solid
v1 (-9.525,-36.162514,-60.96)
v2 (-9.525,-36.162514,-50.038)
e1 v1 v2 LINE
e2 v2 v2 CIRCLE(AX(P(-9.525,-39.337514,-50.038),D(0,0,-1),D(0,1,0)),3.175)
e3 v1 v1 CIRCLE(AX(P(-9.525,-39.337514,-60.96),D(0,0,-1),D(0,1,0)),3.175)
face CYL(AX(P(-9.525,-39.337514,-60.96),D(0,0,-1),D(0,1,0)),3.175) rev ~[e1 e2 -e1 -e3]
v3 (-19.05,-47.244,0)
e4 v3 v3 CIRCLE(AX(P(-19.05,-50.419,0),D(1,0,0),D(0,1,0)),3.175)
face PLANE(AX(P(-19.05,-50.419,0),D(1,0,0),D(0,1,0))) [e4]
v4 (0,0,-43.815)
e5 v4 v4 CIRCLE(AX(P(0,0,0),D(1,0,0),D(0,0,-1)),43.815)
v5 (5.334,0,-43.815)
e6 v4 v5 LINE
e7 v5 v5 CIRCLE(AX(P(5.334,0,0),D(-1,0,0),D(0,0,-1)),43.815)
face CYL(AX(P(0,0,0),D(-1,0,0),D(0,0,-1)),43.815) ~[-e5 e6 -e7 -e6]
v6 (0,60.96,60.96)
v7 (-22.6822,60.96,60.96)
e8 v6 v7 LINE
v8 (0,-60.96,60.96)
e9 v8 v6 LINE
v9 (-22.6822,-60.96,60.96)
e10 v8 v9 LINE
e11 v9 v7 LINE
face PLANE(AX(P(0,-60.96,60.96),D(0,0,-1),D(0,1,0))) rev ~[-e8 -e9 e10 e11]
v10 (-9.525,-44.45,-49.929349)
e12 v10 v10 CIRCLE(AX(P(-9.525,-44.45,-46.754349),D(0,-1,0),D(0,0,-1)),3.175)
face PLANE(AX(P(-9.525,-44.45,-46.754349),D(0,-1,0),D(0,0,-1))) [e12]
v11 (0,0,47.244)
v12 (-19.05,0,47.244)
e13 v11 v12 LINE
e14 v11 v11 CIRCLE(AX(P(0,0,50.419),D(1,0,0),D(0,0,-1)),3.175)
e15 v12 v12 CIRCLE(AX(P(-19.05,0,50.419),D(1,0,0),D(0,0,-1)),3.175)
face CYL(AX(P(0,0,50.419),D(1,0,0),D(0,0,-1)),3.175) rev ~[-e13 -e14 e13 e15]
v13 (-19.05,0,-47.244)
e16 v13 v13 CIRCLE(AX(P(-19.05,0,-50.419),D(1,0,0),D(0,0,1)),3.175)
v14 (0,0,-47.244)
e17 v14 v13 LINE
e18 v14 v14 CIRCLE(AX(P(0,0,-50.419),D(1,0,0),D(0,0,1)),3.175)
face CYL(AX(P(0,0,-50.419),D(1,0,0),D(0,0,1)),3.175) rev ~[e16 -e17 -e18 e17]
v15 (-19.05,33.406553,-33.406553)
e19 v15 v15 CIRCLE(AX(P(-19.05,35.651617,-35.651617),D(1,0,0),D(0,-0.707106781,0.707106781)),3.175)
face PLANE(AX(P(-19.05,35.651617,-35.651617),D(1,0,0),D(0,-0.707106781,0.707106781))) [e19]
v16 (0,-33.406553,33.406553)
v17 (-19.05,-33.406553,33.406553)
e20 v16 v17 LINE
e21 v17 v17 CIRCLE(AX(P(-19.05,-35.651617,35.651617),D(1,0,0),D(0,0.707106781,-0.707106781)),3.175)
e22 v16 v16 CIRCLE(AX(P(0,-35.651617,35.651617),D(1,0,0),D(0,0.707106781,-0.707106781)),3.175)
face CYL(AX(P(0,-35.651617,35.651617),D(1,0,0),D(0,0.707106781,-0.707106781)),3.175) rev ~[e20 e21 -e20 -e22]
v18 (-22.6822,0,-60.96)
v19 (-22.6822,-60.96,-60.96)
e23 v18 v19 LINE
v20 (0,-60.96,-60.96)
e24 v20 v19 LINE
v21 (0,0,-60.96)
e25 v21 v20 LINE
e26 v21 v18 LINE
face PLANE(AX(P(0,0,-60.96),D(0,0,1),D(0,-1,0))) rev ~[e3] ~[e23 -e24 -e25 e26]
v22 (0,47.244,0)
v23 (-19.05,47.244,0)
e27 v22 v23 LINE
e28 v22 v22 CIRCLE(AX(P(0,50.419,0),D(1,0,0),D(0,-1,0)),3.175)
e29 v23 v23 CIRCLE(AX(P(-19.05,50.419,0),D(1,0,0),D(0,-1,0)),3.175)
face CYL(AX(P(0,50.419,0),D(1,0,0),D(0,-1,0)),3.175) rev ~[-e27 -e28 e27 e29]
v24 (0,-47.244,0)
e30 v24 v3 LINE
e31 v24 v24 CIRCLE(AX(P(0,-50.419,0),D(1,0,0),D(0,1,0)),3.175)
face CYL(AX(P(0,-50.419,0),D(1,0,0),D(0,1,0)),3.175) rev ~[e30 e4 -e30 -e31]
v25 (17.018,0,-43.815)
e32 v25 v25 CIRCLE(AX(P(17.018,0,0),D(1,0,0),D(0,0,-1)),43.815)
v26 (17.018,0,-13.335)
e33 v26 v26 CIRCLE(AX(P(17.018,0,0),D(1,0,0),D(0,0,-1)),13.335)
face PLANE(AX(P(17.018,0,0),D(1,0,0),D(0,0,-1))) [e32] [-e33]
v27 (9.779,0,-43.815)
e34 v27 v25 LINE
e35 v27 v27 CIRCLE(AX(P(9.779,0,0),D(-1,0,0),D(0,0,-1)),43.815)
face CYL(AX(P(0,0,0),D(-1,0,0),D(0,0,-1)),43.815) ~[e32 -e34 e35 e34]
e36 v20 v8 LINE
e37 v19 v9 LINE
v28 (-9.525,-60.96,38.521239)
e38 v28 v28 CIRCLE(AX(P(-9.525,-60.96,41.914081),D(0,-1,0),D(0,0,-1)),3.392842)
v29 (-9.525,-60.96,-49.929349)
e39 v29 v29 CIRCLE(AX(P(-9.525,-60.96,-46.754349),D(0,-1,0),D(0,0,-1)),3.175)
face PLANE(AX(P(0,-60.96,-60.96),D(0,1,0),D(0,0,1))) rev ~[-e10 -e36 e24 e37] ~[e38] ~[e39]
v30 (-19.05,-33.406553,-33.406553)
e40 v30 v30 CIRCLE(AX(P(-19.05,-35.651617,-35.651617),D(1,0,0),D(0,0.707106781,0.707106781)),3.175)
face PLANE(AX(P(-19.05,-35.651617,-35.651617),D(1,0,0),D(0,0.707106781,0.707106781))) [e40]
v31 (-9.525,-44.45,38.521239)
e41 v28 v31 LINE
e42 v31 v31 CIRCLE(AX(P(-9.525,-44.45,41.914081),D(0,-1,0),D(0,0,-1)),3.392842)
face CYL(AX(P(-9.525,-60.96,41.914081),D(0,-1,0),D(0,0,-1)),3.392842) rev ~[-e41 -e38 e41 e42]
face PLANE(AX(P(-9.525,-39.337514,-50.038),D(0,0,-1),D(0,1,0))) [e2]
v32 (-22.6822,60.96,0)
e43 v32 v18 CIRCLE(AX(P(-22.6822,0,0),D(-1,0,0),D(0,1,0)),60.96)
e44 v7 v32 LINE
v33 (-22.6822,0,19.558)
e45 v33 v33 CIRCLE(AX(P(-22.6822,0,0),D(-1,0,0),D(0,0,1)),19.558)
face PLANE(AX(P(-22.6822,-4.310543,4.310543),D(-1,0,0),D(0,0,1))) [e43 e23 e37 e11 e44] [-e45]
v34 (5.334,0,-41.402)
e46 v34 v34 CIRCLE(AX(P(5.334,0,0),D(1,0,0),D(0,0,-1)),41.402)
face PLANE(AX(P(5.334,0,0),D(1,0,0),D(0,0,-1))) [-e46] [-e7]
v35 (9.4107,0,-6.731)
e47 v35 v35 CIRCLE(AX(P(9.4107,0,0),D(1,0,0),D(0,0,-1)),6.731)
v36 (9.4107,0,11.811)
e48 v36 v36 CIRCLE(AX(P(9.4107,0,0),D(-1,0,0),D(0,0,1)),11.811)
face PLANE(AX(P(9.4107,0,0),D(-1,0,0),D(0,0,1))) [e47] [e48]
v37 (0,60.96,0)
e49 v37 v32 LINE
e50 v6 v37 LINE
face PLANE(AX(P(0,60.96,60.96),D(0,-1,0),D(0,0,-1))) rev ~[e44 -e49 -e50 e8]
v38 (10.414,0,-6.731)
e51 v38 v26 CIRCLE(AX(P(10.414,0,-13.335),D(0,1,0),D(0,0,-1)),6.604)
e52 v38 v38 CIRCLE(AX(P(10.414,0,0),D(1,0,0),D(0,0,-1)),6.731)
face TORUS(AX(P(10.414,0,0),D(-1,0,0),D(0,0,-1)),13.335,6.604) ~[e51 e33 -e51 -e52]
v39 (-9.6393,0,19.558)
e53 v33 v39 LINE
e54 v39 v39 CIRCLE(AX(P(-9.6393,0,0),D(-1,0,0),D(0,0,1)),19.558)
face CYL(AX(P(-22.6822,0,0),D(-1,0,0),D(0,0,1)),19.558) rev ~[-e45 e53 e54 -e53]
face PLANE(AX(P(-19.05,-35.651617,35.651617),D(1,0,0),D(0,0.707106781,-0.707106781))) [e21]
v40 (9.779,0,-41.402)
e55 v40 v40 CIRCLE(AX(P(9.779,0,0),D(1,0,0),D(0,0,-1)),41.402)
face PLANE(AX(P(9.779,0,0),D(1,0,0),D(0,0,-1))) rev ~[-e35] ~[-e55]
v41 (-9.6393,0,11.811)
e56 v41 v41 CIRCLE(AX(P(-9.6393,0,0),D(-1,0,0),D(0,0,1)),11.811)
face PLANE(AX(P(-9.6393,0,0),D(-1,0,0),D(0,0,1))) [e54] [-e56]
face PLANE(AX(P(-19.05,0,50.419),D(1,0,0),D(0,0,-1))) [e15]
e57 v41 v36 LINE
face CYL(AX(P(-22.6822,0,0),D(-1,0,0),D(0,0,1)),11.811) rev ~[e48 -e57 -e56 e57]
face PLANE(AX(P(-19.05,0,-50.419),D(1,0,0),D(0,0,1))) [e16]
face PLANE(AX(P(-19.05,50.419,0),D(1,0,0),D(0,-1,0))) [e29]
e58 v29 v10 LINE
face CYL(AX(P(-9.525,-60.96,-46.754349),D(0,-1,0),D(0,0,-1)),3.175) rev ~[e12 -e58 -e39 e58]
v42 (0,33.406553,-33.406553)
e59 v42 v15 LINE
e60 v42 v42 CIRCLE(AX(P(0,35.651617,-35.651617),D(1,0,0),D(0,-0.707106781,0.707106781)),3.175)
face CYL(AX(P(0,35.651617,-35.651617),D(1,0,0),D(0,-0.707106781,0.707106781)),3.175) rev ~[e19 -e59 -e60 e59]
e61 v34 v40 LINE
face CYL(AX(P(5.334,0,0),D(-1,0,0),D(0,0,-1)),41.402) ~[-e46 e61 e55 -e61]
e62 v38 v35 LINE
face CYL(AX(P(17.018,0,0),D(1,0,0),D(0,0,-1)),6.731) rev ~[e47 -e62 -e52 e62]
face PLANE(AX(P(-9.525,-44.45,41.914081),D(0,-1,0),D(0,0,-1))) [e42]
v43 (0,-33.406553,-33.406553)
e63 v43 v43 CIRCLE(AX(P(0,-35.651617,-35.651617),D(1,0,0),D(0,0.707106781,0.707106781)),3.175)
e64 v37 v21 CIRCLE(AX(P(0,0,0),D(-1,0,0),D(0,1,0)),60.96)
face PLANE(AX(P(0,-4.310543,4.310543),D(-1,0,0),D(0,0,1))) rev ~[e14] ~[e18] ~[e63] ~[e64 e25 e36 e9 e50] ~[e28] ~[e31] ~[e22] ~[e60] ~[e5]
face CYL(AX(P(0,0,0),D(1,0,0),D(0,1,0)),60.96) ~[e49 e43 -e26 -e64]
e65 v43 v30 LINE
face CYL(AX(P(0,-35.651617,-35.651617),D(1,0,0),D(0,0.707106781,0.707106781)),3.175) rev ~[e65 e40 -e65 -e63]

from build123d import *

# Parameters (mm, degrees)
SKETCH1_R                     = 43.815
HOUSING_FITTING_EXTRUDE_DEPTH = 17.018
HOUSING_BODY_1_DEPTH          = 22.6822
SKETCH3_R                     = 6.731
IMPELLER_BORE_DEPTH           = 17.018
SKETCH4_R                     = 4
SHAFT_BORE_DEPTH              = 70.612
O_RING_CUT_DEPTH              = 1.27
O_RING_CUT_DEPTH_BACK         = 3.175
SKETCH5_R                     = 43.942
SKETCH5_R_2                   = 41.402
SKETCH12_R                    = 3.175
CUT_EXTRUDE2_DEPTH            = 19.05
CIRPATTERN1_COUNT             = 8
SKETCH14_R                    = 3.175
SKETCH14_R_2                  = 3.392842108
CUT_EXTRUDE4_DEPTH            = 16.51
SKETCH15_R                    = 3.175
CUT_EXTRUDE5_DEPTH            = 10.922
FILLET1_R                     = 6.604
SKETCH16_R                    = 11.811
CUT_EXTRUDE7_DEPTH            = 32.0929
SKETCH17_R                    = 19.558
CUT_EXTRUDE8_DEPTH            = 13.0429


with BuildPart() as part:
    # Sketch1 → Housing Fitting Extrude (new body)
    with BuildSketch(Plane(origin=(0, 0, 0), x_dir=(0, 0, -1), z_dir=(1, 0, 0))):
        Circle(SKETCH1_R)
    extrude(amount=HOUSING_FITTING_EXTRUDE_DEPTH)

    # Sketch2 → Housing Body 1 (add)
    with BuildSketch(Plane.ZY):
        with BuildLine():
            Line((60.96, 0), (60.96, 60.96))
            Line((60.96, 60.96), (0, 60.96))
            ThreePointArc((0, 60.96), (-43.105229381, 43.105229381), (-60.96, 0))
            Line((-60.96, 0), (-60.96, -54.61))
            Line((-60.96, -54.61), (-60.96, -60.96))
            Line((-60.96, -60.96), (60.96, -60.96))
            Line((60.96, -60.96), (60.96, -54.61))
            Line((60.96, -54.61), (60.96, 0))
        make_face()
    extrude(amount=HOUSING_BODY_1_DEPTH)

    # Sketch3 → Impeller Bore (cut)
    with BuildSketch(Plane(origin=(17.018, 0, 0), x_dir=(0, 0, -1), z_dir=(1, 0, 0))):
        Circle(SKETCH3_R)
    extrude(amount=-IMPELLER_BORE_DEPTH, mode=Mode.SUBTRACT)

    # Sketch4 → Shaft Bore (cut)
    with BuildSketch(Plane(origin=(0, 0, 0), x_dir=(0, 0, -1), z_dir=(1, 0, 0))):
        Circle(SKETCH4_R)
    extrude(amount=-SHAFT_BORE_DEPTH, mode=Mode.SUBTRACT)

    # Sketch5 → O-Ring Cut (cut, two sides: drawn at the far end of the back side and taken through both)
    with BuildSketch(Plane(origin=(8.509, 0, 0), x_dir=(0, 0, -1), z_dir=(1, 0, 0)).offset(-O_RING_CUT_DEPTH_BACK)):
        Circle(SKETCH5_R)
        Circle(SKETCH5_R_2, mode=Mode.SUBTRACT)
    extrude(amount=O_RING_CUT_DEPTH + O_RING_CUT_DEPTH_BACK, mode=Mode.SUBTRACT)

    # Sketch12 → Cut-Extrude2 (cut)
    with BuildSketch(Plane(origin=(0, 0, 0), x_dir=(0, 0, -1), z_dir=(1, 0, 0))):
        with Locations((-50.419, 0)):
            Circle(SKETCH12_R)
    cut_extrude2 = extrude(amount=-CUT_EXTRUDE2_DEPTH, mode=Mode.SUBTRACT)

    # CirPattern1: Cut-Extrude2 ×8 about axis, 1 skipped
    cirpattern1_axis = Axis((0, 0, 0), (1, 0, 0))
    add([cut_extrude2.rotate(cirpattern1_axis, i * 360 / CIRPATTERN1_COUNT) for i in range(1, CIRPATTERN1_COUNT) if i not in (7,)], mode=Mode.SUBTRACT)

    # Sketch14 → Cut-Extrude4 (cut)
    with BuildSketch(Plane.XZ.offset(60.96)):
        with Locations(Location((-9.525, -46.754349092, 0), (0, 0, 270))):
            Circle(SKETCH14_R)
        with Locations(Location((-9.525, 41.914080666, 0), (0, 0, 270))):
            Circle(SKETCH14_R_2)
    extrude(amount=-CUT_EXTRUDE4_DEPTH, mode=Mode.SUBTRACT)

    # Sketch15 → Cut-Extrude5 (cut)
    with BuildSketch(Plane(origin=(0, 0, -60.96), x_dir=(-1, 0, 0), z_dir=(0, 0, -1))):
        with Locations(Location((9.525, -39.337514031, 0), (0, 0, 90))):
            Circle(SKETCH15_R)
    extrude(amount=-CUT_EXTRUDE5_DEPTH, mode=Mode.SUBTRACT)

    # Fillet1
    fillet1_edges = [part.edges().sort_by_distance(p)[0] for p in [
        (17.018, 0, 6.731),
    ]]
    fillet(fillet1_edges, radius=FILLET1_R)

    # Sketch16 → Cut-Extrude7 (cut)
    with BuildSketch(Plane.ZY.offset(22.6822)):
        Circle(SKETCH16_R)
    extrude(amount=-CUT_EXTRUDE7_DEPTH, mode=Mode.SUBTRACT)

    # Sketch17 → Cut-Extrude8 (cut)
    with BuildSketch(Plane.ZY.offset(22.6822)):
        Circle(SKETCH17_R)
    extrude(amount=-CUT_EXTRUDE8_DEPTH, mode=Mode.SUBTRACT)


solid = part.part
